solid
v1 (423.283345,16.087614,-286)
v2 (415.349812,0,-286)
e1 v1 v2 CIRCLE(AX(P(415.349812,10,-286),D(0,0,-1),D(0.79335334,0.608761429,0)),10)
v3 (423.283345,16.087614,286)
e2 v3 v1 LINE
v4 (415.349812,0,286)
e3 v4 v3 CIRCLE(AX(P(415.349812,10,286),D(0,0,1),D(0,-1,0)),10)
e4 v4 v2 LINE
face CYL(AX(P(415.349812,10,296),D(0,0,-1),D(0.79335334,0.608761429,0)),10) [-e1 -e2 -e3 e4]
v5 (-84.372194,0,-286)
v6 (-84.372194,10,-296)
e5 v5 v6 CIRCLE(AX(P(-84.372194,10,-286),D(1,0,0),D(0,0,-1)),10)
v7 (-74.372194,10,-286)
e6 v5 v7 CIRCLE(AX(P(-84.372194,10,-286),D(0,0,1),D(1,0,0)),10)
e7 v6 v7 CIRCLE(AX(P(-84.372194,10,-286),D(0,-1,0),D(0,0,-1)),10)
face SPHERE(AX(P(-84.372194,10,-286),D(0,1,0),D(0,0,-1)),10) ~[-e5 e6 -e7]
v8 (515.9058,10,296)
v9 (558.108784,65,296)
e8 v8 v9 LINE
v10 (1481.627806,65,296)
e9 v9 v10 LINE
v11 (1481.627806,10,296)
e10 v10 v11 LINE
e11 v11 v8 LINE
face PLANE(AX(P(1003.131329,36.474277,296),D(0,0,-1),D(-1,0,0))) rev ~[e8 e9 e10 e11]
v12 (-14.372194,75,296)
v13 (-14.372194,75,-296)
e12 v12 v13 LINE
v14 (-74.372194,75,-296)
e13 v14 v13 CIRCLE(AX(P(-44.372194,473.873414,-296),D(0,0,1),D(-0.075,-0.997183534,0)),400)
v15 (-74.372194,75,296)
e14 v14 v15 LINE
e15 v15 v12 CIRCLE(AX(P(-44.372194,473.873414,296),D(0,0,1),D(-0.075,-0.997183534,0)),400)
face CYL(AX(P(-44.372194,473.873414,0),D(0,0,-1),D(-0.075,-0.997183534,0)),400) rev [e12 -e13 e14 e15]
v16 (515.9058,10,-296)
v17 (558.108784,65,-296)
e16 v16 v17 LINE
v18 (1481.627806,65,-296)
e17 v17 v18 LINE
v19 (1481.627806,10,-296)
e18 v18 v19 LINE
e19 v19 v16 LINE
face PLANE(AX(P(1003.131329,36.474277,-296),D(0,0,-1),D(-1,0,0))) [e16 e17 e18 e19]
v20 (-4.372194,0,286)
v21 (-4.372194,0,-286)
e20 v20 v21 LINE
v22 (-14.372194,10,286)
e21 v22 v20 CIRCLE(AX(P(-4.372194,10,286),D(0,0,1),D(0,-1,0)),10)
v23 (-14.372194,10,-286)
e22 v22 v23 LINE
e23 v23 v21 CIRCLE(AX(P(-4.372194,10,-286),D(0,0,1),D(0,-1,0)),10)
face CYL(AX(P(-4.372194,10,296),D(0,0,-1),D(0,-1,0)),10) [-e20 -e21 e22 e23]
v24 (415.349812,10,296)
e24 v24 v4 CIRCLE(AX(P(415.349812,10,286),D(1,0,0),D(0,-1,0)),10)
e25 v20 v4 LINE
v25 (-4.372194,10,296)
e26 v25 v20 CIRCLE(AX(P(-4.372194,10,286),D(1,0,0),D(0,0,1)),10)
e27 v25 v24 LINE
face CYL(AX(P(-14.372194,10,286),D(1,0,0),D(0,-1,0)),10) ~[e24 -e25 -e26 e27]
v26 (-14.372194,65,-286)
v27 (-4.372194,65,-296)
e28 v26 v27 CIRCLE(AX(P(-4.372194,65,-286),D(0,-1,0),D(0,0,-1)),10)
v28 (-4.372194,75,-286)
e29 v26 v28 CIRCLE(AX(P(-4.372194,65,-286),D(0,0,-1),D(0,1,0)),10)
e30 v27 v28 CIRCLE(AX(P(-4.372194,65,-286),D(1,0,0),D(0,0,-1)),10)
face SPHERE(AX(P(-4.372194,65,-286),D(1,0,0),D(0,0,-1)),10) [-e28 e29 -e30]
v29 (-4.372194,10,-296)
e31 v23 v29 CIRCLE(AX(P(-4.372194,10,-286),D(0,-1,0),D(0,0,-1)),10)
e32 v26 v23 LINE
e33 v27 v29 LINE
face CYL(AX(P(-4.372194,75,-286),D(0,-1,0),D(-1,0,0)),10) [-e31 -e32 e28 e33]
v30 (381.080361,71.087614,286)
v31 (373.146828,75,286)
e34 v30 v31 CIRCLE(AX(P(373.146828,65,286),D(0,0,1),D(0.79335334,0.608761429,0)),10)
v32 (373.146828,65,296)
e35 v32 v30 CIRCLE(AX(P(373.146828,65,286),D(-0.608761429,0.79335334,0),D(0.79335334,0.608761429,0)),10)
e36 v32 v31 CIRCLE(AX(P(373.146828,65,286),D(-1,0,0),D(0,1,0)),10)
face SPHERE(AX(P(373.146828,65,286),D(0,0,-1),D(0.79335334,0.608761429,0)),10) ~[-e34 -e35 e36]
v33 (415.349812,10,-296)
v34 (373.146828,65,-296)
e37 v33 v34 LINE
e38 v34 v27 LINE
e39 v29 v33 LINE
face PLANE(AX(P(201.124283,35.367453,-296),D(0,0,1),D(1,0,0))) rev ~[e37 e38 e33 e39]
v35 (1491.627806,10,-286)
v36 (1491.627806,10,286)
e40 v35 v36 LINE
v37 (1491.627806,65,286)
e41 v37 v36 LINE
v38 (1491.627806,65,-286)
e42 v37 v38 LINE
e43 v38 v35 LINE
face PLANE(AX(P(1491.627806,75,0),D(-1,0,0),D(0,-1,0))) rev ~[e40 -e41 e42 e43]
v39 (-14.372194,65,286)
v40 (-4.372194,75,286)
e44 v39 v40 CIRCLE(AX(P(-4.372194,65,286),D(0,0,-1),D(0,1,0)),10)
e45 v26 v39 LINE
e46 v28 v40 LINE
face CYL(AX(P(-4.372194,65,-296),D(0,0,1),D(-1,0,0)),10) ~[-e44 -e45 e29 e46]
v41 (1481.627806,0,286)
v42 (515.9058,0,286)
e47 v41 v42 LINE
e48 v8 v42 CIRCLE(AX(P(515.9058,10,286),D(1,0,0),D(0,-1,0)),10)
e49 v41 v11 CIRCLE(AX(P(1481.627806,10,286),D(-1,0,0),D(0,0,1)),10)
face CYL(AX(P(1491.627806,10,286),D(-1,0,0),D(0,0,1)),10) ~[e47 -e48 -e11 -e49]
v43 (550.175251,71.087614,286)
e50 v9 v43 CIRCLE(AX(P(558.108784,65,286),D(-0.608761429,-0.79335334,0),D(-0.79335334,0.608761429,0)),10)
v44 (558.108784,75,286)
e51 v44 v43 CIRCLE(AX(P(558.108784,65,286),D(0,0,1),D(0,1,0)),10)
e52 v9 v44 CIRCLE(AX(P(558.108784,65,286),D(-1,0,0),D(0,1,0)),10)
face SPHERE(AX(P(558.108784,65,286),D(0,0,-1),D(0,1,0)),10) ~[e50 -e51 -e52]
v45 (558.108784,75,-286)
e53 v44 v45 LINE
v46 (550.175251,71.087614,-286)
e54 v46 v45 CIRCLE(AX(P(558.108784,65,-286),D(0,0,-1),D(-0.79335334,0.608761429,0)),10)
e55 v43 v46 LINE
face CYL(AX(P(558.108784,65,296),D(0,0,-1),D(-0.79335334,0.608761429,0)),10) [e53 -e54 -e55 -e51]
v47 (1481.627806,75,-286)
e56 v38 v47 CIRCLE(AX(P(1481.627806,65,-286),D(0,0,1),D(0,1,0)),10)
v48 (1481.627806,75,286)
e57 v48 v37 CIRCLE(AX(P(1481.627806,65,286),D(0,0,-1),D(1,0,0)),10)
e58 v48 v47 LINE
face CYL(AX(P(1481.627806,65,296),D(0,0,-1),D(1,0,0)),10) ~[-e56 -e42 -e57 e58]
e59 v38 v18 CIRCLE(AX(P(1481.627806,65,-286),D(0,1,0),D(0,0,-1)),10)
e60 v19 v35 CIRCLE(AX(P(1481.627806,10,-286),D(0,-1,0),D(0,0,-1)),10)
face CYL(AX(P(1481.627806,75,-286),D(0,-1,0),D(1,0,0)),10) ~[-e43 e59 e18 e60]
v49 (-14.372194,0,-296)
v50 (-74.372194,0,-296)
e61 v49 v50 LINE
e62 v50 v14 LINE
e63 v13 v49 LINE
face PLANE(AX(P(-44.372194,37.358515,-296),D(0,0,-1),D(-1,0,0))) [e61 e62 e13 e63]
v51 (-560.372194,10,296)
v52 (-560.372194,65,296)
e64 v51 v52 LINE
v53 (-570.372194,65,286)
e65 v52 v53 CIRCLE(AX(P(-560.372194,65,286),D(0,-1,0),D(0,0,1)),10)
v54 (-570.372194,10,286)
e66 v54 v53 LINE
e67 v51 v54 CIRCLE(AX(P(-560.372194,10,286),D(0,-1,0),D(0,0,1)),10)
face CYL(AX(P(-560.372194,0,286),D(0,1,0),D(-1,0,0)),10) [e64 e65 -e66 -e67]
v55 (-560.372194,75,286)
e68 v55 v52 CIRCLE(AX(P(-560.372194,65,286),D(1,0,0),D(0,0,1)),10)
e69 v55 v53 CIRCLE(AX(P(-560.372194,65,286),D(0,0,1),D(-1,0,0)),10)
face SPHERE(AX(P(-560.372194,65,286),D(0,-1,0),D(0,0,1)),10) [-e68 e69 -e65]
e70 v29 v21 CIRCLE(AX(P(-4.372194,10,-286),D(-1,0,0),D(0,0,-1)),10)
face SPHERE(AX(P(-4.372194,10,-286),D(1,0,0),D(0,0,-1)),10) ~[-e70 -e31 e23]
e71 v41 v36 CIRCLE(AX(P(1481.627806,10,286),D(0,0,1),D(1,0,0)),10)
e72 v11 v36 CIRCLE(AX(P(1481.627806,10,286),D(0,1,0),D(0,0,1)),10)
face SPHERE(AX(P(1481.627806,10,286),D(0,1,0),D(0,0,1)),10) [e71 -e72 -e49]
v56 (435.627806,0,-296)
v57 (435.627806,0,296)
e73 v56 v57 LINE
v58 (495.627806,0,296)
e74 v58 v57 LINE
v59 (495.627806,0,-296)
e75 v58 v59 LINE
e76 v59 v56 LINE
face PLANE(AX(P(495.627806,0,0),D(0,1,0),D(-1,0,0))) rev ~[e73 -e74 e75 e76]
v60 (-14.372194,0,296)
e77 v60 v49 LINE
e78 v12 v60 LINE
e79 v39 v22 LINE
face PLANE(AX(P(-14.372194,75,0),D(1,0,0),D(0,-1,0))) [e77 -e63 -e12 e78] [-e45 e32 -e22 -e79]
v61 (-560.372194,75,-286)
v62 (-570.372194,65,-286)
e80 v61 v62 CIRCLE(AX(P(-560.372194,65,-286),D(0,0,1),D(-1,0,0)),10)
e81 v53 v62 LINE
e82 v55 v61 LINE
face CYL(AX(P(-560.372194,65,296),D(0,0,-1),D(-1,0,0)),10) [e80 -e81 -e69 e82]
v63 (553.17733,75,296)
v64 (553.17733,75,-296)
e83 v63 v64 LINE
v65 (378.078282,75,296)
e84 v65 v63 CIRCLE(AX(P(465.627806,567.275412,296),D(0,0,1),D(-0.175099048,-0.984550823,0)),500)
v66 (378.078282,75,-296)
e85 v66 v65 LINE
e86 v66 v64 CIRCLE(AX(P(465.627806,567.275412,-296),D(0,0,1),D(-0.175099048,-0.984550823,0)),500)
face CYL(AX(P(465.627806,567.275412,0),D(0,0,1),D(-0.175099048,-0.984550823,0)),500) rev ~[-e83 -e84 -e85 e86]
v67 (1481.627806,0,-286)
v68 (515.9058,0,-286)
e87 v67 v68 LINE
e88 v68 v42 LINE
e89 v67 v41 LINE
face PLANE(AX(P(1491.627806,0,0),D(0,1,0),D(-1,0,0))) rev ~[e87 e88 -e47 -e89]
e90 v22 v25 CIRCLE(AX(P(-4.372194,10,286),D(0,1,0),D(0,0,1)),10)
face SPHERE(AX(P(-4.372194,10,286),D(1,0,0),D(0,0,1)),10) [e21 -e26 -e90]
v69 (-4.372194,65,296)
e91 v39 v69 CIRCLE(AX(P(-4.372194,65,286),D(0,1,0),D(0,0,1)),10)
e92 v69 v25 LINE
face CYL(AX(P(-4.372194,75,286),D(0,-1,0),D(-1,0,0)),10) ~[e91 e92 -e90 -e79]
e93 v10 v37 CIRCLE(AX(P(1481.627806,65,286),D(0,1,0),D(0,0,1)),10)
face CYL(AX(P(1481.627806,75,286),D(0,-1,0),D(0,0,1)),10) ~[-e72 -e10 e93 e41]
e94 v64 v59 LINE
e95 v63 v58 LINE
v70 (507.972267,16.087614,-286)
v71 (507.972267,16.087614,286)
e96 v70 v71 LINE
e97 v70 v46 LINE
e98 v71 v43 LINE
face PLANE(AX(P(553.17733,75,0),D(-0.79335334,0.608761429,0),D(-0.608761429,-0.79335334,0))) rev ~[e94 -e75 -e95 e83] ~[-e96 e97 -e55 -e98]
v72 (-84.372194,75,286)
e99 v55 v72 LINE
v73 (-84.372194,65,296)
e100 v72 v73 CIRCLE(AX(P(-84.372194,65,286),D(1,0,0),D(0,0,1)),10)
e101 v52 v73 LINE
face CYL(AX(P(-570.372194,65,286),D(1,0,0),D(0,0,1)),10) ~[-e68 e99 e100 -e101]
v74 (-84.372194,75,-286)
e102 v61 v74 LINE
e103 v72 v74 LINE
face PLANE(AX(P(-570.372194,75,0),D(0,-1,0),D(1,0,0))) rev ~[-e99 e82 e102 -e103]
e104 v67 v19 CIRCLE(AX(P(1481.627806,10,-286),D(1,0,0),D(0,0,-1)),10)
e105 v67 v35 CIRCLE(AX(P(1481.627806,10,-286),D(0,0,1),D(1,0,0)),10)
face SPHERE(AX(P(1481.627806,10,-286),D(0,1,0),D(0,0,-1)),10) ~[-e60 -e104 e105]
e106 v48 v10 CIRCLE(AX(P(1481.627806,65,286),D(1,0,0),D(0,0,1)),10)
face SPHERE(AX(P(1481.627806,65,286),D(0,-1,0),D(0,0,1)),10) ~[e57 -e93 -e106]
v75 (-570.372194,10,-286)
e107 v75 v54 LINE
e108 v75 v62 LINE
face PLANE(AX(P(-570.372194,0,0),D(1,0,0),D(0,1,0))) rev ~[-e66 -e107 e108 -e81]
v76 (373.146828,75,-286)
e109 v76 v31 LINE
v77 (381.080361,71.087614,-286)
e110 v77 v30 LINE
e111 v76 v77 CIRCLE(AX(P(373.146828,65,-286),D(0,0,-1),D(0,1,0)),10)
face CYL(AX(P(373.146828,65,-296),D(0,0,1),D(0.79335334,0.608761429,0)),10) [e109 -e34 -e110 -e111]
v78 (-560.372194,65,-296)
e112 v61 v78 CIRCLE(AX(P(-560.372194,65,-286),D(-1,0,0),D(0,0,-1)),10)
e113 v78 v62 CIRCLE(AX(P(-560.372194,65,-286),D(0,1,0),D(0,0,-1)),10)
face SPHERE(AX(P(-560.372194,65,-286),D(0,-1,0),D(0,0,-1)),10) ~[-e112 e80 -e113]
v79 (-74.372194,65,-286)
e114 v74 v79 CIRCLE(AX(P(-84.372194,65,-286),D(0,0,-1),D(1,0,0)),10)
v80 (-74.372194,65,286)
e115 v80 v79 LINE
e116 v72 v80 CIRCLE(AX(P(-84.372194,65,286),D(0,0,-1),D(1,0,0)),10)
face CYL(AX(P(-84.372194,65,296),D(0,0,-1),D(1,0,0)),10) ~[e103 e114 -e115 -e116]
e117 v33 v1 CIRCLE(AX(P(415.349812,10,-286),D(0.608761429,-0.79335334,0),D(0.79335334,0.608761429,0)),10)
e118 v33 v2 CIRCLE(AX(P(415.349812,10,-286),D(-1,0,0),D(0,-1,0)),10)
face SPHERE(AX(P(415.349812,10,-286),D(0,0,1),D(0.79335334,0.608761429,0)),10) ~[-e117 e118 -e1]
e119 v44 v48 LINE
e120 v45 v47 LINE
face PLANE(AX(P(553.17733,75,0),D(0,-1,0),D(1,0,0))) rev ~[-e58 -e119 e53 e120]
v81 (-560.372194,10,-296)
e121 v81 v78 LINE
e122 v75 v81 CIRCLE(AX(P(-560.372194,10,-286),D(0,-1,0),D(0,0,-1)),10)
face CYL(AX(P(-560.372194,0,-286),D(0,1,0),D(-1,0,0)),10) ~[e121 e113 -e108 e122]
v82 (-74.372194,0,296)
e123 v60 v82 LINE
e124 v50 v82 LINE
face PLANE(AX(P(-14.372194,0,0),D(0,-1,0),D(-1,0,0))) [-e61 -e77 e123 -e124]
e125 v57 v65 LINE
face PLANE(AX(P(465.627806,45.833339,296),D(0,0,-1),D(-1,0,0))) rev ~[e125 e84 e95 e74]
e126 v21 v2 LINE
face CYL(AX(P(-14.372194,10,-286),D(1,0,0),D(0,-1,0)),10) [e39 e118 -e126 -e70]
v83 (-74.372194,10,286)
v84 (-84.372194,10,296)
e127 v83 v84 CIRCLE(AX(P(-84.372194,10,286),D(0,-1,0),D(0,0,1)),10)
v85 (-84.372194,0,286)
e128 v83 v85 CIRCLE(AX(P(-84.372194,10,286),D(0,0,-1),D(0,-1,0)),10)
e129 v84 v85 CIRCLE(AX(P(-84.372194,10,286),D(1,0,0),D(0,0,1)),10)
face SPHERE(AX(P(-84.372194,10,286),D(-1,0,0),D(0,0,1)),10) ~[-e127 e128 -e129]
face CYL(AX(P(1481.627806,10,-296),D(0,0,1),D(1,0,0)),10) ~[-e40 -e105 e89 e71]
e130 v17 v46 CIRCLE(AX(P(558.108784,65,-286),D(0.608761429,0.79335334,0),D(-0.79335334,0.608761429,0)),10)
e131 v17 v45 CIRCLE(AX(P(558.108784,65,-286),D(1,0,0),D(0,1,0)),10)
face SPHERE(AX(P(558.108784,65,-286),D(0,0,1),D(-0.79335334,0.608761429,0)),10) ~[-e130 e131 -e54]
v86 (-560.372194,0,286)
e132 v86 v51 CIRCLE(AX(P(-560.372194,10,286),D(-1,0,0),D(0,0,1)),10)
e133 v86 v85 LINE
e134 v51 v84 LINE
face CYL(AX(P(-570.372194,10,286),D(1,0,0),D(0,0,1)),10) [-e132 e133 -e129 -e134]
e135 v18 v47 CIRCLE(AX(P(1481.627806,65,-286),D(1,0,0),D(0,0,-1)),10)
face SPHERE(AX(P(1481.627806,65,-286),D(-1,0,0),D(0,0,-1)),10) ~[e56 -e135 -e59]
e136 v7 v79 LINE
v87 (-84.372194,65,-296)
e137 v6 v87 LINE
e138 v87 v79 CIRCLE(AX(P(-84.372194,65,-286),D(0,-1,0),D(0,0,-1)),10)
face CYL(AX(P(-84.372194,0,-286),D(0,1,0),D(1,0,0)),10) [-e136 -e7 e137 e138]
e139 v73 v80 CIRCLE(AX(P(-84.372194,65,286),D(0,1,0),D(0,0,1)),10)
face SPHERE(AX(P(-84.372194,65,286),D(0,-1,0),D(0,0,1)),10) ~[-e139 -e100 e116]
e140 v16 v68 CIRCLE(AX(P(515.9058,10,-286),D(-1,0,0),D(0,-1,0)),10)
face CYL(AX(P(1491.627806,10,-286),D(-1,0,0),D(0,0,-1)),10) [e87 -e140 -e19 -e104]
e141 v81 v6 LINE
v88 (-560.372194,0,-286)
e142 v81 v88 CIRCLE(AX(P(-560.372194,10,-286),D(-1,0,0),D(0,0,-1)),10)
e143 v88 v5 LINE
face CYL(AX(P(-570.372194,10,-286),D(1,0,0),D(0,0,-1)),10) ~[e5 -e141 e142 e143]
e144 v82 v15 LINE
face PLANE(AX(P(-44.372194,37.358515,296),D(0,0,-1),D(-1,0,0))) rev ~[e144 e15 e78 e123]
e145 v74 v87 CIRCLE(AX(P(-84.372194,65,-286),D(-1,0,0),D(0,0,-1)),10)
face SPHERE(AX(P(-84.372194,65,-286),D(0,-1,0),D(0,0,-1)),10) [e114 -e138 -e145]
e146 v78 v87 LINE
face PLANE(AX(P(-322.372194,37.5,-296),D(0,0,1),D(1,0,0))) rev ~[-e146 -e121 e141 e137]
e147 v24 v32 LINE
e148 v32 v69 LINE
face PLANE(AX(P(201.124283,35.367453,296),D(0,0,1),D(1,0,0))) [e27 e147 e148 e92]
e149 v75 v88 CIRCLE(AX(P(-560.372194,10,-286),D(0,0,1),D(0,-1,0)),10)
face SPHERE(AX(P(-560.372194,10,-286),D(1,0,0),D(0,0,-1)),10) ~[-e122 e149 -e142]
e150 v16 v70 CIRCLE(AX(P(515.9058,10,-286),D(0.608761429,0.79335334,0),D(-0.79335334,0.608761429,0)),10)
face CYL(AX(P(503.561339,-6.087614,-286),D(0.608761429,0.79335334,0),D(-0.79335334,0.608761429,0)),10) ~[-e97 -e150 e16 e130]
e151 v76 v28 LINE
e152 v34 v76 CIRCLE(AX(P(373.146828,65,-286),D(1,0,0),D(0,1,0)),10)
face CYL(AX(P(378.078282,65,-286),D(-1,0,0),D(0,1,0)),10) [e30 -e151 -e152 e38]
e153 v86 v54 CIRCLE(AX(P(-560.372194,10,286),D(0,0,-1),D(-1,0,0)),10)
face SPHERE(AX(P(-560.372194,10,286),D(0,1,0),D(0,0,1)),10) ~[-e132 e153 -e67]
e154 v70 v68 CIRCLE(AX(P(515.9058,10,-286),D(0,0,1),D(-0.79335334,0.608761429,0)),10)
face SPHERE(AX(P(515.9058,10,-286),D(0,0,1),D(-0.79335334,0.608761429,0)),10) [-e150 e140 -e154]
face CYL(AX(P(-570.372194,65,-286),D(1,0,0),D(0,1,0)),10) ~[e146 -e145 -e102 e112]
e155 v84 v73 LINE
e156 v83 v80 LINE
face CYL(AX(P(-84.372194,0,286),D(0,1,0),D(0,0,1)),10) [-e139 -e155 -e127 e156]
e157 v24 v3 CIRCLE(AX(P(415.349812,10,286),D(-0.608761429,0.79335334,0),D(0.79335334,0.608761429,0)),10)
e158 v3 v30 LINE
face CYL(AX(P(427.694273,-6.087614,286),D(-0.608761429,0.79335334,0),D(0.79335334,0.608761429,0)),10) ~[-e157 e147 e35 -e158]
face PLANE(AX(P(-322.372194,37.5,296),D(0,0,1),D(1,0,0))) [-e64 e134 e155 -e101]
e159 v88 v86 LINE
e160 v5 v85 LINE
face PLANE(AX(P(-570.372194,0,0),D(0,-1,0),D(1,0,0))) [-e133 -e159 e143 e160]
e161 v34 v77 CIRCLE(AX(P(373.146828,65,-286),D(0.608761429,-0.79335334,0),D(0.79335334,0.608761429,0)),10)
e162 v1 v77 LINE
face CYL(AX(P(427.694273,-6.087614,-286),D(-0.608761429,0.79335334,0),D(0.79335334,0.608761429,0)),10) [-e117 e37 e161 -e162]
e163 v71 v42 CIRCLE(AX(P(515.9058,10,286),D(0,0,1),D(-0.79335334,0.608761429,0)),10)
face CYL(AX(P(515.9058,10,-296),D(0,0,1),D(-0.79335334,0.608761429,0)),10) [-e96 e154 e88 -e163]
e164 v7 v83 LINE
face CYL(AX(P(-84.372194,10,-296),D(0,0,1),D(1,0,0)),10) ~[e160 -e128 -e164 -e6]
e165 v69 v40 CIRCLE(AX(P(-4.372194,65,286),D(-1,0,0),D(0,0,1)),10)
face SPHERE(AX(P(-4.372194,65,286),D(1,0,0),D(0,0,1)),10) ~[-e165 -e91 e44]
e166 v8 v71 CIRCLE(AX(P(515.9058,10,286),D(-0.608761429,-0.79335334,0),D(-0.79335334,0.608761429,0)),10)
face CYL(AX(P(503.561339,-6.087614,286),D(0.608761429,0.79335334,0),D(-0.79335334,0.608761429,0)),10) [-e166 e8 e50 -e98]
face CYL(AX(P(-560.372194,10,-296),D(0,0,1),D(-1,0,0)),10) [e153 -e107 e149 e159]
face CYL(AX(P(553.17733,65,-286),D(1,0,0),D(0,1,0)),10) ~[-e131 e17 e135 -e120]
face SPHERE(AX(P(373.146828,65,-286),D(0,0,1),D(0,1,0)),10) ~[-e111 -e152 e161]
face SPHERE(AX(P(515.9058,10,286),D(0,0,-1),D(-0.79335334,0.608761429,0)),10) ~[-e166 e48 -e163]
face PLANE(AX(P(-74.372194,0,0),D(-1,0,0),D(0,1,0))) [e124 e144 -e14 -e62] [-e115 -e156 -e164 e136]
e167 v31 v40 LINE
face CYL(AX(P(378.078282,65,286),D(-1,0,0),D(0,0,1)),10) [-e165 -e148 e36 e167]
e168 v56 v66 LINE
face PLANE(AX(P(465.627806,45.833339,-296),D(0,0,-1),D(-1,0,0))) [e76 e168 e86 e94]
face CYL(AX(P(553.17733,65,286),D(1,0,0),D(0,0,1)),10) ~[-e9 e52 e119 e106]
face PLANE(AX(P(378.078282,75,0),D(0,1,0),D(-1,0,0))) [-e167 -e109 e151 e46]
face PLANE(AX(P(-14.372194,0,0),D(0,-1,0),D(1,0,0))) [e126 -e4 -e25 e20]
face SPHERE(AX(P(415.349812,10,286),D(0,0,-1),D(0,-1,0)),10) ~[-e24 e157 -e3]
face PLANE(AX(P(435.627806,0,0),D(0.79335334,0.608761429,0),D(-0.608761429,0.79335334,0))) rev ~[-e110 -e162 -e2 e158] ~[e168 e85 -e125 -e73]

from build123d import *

# Parameters (mm, degrees)
BOSS_EXTRUDE1_DEPTH   = 296
BOSS_EXTRUDE1_2_DEPTH = 296
SKETCH1_W             = 496
SKETCH1_H             = 75
BOSS_EXTRUDE1_3_DEPTH = 296
FILLET1_R             = 10
FILLET2_R             = 10
FILLET3_R             = 10
BOSS_EXTRUDE2_DEPTH   = 296


with BuildPart() as part:
    # Sketch1 → Boss-Extrude1 (new, symmetric)
    with BuildSketch(Plane.XY):
        Polygon((553.177330143, 75), (495.627806045, 0), (1491.627806045, 0), (1491.627806045, 75), align=None)
    extrude(amount=BOSS_EXTRUDE1_DEPTH, both=True)

    # Fillet1
    fillet1_edges = [part.edges().sort_by_distance(p)[0] for p in [
        (524.402568094, 37.5, 296),
        (495.627806045, 0, 0),
        (993.627806045, 0, 296),
        (1491.627806045, 0, 0),
        (1491.627806045, 37.5, 296),
        (1491.627806045, 37.5, -296),
        (524.402568094, 37.5, -296),
        (993.627806045, 0, -296),
        (1491.627806045, 75, 0),
        (1022.402568094, 75, 296),
        (553.177330143, 75, 0),
        (1022.402568094, 75, -296),
    ]]
    fillet(fillet1_edges, radius=FILLET1_R)



with BuildPart() as body_2:
    # Sketch1 → Boss-Extrude1 2 (new, symmetric)
    with BuildSketch(Plane.XY):
        Polygon((-14.372193955, 0), (435.627806045, 0), (378.078281946, 75), (-14.372193955, 75), align=None)
    extrude(amount=BOSS_EXTRUDE1_2_DEPTH, both=True)

    # Fillet2
    fillet2_edges = [body_2.edges().sort_by_distance(p)[0] for p in [
        (181.853043996, 75, 296),
        (181.853043996, 75, -296),
        (406.853043996, 37.5, 296),
        (210.627806045, 0, 296),
        (-14.372193955, 37.5, 296),
        (210.627806045, 0, -296),
        (406.853043996, 37.5, -296),
        (-14.372193955, 37.5, -296),
        (378.078281946, 75, 0),
        (-14.372193955, 75, 0),
        (-14.372193955, 0, 0),
        (435.627806045, 0, 0),
    ]]
    fillet(fillet2_edges, radius=FILLET2_R)


with BuildPart() as body_3:
    # Sketch1 → Boss-Extrude1 3 (new, symmetric)
    with BuildSketch(Plane.XY):
        with Locations((-322.372193955, 37.5)):
            Rectangle(SKETCH1_W, SKETCH1_H)
    extrude(amount=BOSS_EXTRUDE1_3_DEPTH, both=True)

    # Fillet3
    fillet3_edges = [body_3.edges().sort_by_distance(p)[0] for p in [
        (-74.372193955, 37.5, -296),
        (-570.372193955, 37.5, -296),
        (-570.372193955, 0, 0),
        (-74.372193955, 0, 0),
        (-322.372193955, 0, -296),
        (-74.372193955, 37.5, 296),
        (-322.372193955, 0, 296),
        (-570.372193955, 37.5, 296),
        (-74.372193955, 75, 0),
        (-322.372193955, 75, 296),
        (-570.372193955, 75, 0),
        (-322.372193955, 75, -296),
    ]]
    fillet(fillet3_edges, radius=FILLET3_R)


with BuildPart() as part_1:
    add(part.part)

    add(body_2.part)  # Boss-Extrude2 merges body 2

    add(body_3.part)  # Boss-Extrude2 merges body 3
    # Sketch1<3> → Boss-Extrude2 (add, symmetric)
    with BuildSketch(Plane.XY):
        with BuildLine():
            Line((435.627806045, 0), (495.627806045, 0))
            Line((495.627806045, 0), (553.177330143, 75))
            ThreePointArc((553.177330143, 75), (465.627806045, 67.275411564), (378.078281946, 75))
            Line((378.078281946, 75), (435.627806045, 0))
        make_face()
        with BuildLine():
            Line((-74.372193955, 0), (-14.372193955, 0))
            Line((-14.372193955, 0), (-14.372193955, 75))
            ThreePointArc((-14.372193955, 75), (-44.372193955, 73.873413504), (-74.372193955, 75))
            Line((-74.372193955, 75), (-74.372193955, 0))
        make_face()
    extrude(amount=BOSS_EXTRUDE2_DEPTH, both=True)


solid = part_1.part
